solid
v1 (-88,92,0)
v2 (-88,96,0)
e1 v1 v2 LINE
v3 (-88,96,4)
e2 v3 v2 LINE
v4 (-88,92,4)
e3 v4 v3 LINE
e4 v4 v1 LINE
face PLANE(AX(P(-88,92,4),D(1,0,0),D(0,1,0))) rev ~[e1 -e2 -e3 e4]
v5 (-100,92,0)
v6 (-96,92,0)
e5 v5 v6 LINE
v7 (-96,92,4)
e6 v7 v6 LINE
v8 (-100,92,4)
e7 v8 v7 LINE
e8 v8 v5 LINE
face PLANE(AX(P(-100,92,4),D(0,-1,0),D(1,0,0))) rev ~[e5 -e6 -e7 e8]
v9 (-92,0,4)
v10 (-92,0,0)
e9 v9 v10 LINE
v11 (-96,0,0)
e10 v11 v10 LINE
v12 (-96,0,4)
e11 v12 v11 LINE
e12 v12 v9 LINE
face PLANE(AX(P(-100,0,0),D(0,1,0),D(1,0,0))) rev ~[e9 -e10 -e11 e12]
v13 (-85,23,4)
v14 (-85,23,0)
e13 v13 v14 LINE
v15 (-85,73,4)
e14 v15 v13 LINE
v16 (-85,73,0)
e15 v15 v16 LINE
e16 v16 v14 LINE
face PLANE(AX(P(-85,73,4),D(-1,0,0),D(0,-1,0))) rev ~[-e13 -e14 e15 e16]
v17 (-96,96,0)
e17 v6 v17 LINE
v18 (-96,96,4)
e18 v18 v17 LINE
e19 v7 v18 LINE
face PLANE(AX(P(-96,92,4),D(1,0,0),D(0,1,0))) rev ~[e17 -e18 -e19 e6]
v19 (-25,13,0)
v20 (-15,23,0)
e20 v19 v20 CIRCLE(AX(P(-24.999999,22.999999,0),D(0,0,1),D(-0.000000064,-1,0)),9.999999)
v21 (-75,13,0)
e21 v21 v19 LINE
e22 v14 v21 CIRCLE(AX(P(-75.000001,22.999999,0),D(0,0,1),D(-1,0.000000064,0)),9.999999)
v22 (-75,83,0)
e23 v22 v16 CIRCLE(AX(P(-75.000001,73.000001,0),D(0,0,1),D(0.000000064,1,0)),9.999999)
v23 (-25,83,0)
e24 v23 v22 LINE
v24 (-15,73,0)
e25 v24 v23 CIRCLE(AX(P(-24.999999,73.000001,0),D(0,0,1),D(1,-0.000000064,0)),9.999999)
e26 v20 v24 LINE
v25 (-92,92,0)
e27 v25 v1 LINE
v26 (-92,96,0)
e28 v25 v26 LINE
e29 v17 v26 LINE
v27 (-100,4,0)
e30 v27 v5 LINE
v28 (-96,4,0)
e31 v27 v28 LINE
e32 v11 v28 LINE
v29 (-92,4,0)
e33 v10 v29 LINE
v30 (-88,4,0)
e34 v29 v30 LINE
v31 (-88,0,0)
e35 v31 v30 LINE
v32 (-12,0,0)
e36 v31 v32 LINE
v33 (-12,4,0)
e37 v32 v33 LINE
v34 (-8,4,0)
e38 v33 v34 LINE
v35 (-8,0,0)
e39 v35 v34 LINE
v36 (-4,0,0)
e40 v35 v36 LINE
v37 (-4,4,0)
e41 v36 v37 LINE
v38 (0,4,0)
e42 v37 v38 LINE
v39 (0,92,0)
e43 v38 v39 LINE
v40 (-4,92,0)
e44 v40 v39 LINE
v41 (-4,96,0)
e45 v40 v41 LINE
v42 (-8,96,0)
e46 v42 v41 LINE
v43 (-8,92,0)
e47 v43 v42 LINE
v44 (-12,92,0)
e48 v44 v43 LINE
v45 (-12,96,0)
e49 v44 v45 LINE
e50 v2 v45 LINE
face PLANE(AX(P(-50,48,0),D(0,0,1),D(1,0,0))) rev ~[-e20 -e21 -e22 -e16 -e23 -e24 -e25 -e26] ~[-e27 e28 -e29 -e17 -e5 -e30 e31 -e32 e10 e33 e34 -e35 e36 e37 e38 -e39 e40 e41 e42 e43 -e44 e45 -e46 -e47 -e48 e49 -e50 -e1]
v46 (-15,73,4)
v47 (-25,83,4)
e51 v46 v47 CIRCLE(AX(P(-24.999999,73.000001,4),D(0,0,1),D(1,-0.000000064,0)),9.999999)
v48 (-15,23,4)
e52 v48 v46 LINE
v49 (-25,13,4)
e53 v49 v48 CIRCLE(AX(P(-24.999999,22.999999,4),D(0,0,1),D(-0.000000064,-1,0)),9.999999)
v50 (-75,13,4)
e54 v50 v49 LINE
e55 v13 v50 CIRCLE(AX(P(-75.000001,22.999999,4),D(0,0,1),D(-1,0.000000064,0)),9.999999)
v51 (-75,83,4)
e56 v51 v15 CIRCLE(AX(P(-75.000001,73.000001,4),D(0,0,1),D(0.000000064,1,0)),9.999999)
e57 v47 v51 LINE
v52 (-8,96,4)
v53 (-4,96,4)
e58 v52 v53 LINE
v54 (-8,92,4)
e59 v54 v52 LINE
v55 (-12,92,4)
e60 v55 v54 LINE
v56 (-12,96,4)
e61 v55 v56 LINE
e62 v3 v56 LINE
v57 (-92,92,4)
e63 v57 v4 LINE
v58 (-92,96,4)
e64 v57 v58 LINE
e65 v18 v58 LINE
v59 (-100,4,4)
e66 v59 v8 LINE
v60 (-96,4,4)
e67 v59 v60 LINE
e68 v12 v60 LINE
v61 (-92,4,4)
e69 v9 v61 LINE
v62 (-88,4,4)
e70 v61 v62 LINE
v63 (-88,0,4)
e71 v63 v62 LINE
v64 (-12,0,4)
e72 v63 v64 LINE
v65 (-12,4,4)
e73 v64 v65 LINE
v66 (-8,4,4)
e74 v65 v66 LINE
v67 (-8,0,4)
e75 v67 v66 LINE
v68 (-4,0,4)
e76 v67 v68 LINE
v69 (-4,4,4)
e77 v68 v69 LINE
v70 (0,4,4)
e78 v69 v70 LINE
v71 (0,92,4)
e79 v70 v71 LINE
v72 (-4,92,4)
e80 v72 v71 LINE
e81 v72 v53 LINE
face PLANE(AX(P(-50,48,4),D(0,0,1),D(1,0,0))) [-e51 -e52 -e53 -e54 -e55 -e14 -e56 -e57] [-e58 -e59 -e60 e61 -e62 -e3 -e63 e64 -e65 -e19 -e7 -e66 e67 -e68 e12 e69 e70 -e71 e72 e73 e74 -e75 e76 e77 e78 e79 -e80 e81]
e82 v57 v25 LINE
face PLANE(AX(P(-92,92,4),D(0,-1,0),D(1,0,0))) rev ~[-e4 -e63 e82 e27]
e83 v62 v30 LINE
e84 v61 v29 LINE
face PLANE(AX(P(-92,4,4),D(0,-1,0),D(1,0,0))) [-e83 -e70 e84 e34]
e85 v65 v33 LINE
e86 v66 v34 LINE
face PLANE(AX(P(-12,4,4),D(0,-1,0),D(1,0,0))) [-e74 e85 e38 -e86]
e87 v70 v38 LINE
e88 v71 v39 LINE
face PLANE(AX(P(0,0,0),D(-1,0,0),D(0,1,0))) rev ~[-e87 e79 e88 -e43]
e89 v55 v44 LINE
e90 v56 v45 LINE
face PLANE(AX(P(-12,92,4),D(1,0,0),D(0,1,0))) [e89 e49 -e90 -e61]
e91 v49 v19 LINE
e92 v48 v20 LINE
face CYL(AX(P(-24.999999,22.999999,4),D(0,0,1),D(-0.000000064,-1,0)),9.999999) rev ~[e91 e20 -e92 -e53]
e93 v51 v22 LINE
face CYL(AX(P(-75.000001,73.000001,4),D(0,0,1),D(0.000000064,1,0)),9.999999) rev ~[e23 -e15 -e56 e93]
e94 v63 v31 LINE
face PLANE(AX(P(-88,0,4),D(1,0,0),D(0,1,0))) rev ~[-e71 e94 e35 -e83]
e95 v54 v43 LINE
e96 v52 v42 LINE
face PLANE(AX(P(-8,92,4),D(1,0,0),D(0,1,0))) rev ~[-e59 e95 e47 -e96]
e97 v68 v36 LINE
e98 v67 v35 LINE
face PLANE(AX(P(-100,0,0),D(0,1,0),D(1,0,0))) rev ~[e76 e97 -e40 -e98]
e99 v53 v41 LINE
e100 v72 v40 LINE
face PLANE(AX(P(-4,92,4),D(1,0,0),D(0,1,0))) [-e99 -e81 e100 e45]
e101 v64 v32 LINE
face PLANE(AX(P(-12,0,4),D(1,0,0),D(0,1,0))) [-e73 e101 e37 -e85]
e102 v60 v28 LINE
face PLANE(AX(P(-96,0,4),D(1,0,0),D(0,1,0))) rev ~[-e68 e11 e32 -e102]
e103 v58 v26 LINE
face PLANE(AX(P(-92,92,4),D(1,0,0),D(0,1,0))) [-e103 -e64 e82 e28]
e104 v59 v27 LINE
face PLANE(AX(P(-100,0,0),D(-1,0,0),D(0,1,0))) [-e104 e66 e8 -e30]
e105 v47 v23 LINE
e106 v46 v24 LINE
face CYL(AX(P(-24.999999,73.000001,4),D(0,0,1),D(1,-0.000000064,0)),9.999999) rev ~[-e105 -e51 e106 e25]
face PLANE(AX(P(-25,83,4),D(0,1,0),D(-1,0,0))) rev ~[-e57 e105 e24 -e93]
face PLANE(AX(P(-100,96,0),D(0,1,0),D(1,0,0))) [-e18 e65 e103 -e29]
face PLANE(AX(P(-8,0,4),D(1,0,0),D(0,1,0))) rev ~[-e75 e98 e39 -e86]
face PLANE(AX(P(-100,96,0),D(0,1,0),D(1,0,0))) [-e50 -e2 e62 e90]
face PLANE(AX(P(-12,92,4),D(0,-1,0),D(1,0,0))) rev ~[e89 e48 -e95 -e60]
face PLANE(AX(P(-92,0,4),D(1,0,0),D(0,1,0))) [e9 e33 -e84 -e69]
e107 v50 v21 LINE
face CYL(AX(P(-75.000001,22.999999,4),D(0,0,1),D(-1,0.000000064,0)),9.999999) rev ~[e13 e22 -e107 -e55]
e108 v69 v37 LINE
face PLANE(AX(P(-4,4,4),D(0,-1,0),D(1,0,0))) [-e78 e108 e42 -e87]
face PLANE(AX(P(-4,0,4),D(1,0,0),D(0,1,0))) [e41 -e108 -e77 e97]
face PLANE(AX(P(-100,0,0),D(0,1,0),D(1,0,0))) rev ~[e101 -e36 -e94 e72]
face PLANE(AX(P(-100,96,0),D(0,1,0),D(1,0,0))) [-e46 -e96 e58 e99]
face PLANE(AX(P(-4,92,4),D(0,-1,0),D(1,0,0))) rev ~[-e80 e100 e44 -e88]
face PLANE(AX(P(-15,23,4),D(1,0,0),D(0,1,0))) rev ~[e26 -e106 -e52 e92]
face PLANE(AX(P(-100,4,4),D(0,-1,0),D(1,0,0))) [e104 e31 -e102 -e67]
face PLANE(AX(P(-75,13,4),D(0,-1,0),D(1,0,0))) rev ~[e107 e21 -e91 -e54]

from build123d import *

# Parameters (mm, degrees)
F0_W     = 100
F0_H     = 96
F1_DEPTH = 4
F2_W     = 4
F2_H     = 4
F3_DEPTH = 4
F5_DEPTH = 4


with BuildPart() as f1:
    # F0 (on Top) → F1 (new body)
    with BuildSketch(Plane.XY):
        with Locations((-50, 48)):
            Rectangle(F0_W, F0_H)
    extrude(amount=F1_DEPTH)

    # F2 (on face) → F3 (cut, through all)
    with BuildSketch(Plane.XY.offset(4)):
        with Locations((-2, 2)):
            Rectangle(F2_W, F2_H)
        with Locations((-10, 2)):
            Rectangle(F2_W, F2_H)
        with Locations((-2, 94)):
            Rectangle(F2_W, F2_H)
        with Locations((-10, 94)):
            Rectangle(F2_W, F2_H)
        with Locations((-98, 94)):
            Rectangle(F2_W, F2_H)
        with Locations((-90, 2)):
            Rectangle(F2_W, F2_H)
        with Locations((-98, 2)):
            Rectangle(F2_W, F2_H)
        with Locations((-90, 94)):
            Rectangle(F2_W, F2_H)
    extrude(amount=-F3_DEPTH, mode=Mode.SUBTRACT)

    # F4 (on face) → F5 (cut, through all)
    with BuildSketch(Plane.XY.offset(4)):
        with BuildLine():
            ThreePointArc((-85, 23), (-82.071068, 15.928932), (-75, 13))
            Line((-75, 13), (-25, 13))
            ThreePointArc((-25, 13), (-17.928932, 15.928932), (-15, 23))
            Line((-15, 23), (-15, 73))
            ThreePointArc((-15, 73), (-17.928932, 80.071068), (-25, 83))
            Line((-25, 83), (-75, 83))
            ThreePointArc((-75, 83), (-82.071068, 80.071068), (-85, 73))
            Line((-85, 73), (-85, 23))
        make_face()
    extrude(amount=-F5_DEPTH, mode=Mode.SUBTRACT)


solid = f1.part
